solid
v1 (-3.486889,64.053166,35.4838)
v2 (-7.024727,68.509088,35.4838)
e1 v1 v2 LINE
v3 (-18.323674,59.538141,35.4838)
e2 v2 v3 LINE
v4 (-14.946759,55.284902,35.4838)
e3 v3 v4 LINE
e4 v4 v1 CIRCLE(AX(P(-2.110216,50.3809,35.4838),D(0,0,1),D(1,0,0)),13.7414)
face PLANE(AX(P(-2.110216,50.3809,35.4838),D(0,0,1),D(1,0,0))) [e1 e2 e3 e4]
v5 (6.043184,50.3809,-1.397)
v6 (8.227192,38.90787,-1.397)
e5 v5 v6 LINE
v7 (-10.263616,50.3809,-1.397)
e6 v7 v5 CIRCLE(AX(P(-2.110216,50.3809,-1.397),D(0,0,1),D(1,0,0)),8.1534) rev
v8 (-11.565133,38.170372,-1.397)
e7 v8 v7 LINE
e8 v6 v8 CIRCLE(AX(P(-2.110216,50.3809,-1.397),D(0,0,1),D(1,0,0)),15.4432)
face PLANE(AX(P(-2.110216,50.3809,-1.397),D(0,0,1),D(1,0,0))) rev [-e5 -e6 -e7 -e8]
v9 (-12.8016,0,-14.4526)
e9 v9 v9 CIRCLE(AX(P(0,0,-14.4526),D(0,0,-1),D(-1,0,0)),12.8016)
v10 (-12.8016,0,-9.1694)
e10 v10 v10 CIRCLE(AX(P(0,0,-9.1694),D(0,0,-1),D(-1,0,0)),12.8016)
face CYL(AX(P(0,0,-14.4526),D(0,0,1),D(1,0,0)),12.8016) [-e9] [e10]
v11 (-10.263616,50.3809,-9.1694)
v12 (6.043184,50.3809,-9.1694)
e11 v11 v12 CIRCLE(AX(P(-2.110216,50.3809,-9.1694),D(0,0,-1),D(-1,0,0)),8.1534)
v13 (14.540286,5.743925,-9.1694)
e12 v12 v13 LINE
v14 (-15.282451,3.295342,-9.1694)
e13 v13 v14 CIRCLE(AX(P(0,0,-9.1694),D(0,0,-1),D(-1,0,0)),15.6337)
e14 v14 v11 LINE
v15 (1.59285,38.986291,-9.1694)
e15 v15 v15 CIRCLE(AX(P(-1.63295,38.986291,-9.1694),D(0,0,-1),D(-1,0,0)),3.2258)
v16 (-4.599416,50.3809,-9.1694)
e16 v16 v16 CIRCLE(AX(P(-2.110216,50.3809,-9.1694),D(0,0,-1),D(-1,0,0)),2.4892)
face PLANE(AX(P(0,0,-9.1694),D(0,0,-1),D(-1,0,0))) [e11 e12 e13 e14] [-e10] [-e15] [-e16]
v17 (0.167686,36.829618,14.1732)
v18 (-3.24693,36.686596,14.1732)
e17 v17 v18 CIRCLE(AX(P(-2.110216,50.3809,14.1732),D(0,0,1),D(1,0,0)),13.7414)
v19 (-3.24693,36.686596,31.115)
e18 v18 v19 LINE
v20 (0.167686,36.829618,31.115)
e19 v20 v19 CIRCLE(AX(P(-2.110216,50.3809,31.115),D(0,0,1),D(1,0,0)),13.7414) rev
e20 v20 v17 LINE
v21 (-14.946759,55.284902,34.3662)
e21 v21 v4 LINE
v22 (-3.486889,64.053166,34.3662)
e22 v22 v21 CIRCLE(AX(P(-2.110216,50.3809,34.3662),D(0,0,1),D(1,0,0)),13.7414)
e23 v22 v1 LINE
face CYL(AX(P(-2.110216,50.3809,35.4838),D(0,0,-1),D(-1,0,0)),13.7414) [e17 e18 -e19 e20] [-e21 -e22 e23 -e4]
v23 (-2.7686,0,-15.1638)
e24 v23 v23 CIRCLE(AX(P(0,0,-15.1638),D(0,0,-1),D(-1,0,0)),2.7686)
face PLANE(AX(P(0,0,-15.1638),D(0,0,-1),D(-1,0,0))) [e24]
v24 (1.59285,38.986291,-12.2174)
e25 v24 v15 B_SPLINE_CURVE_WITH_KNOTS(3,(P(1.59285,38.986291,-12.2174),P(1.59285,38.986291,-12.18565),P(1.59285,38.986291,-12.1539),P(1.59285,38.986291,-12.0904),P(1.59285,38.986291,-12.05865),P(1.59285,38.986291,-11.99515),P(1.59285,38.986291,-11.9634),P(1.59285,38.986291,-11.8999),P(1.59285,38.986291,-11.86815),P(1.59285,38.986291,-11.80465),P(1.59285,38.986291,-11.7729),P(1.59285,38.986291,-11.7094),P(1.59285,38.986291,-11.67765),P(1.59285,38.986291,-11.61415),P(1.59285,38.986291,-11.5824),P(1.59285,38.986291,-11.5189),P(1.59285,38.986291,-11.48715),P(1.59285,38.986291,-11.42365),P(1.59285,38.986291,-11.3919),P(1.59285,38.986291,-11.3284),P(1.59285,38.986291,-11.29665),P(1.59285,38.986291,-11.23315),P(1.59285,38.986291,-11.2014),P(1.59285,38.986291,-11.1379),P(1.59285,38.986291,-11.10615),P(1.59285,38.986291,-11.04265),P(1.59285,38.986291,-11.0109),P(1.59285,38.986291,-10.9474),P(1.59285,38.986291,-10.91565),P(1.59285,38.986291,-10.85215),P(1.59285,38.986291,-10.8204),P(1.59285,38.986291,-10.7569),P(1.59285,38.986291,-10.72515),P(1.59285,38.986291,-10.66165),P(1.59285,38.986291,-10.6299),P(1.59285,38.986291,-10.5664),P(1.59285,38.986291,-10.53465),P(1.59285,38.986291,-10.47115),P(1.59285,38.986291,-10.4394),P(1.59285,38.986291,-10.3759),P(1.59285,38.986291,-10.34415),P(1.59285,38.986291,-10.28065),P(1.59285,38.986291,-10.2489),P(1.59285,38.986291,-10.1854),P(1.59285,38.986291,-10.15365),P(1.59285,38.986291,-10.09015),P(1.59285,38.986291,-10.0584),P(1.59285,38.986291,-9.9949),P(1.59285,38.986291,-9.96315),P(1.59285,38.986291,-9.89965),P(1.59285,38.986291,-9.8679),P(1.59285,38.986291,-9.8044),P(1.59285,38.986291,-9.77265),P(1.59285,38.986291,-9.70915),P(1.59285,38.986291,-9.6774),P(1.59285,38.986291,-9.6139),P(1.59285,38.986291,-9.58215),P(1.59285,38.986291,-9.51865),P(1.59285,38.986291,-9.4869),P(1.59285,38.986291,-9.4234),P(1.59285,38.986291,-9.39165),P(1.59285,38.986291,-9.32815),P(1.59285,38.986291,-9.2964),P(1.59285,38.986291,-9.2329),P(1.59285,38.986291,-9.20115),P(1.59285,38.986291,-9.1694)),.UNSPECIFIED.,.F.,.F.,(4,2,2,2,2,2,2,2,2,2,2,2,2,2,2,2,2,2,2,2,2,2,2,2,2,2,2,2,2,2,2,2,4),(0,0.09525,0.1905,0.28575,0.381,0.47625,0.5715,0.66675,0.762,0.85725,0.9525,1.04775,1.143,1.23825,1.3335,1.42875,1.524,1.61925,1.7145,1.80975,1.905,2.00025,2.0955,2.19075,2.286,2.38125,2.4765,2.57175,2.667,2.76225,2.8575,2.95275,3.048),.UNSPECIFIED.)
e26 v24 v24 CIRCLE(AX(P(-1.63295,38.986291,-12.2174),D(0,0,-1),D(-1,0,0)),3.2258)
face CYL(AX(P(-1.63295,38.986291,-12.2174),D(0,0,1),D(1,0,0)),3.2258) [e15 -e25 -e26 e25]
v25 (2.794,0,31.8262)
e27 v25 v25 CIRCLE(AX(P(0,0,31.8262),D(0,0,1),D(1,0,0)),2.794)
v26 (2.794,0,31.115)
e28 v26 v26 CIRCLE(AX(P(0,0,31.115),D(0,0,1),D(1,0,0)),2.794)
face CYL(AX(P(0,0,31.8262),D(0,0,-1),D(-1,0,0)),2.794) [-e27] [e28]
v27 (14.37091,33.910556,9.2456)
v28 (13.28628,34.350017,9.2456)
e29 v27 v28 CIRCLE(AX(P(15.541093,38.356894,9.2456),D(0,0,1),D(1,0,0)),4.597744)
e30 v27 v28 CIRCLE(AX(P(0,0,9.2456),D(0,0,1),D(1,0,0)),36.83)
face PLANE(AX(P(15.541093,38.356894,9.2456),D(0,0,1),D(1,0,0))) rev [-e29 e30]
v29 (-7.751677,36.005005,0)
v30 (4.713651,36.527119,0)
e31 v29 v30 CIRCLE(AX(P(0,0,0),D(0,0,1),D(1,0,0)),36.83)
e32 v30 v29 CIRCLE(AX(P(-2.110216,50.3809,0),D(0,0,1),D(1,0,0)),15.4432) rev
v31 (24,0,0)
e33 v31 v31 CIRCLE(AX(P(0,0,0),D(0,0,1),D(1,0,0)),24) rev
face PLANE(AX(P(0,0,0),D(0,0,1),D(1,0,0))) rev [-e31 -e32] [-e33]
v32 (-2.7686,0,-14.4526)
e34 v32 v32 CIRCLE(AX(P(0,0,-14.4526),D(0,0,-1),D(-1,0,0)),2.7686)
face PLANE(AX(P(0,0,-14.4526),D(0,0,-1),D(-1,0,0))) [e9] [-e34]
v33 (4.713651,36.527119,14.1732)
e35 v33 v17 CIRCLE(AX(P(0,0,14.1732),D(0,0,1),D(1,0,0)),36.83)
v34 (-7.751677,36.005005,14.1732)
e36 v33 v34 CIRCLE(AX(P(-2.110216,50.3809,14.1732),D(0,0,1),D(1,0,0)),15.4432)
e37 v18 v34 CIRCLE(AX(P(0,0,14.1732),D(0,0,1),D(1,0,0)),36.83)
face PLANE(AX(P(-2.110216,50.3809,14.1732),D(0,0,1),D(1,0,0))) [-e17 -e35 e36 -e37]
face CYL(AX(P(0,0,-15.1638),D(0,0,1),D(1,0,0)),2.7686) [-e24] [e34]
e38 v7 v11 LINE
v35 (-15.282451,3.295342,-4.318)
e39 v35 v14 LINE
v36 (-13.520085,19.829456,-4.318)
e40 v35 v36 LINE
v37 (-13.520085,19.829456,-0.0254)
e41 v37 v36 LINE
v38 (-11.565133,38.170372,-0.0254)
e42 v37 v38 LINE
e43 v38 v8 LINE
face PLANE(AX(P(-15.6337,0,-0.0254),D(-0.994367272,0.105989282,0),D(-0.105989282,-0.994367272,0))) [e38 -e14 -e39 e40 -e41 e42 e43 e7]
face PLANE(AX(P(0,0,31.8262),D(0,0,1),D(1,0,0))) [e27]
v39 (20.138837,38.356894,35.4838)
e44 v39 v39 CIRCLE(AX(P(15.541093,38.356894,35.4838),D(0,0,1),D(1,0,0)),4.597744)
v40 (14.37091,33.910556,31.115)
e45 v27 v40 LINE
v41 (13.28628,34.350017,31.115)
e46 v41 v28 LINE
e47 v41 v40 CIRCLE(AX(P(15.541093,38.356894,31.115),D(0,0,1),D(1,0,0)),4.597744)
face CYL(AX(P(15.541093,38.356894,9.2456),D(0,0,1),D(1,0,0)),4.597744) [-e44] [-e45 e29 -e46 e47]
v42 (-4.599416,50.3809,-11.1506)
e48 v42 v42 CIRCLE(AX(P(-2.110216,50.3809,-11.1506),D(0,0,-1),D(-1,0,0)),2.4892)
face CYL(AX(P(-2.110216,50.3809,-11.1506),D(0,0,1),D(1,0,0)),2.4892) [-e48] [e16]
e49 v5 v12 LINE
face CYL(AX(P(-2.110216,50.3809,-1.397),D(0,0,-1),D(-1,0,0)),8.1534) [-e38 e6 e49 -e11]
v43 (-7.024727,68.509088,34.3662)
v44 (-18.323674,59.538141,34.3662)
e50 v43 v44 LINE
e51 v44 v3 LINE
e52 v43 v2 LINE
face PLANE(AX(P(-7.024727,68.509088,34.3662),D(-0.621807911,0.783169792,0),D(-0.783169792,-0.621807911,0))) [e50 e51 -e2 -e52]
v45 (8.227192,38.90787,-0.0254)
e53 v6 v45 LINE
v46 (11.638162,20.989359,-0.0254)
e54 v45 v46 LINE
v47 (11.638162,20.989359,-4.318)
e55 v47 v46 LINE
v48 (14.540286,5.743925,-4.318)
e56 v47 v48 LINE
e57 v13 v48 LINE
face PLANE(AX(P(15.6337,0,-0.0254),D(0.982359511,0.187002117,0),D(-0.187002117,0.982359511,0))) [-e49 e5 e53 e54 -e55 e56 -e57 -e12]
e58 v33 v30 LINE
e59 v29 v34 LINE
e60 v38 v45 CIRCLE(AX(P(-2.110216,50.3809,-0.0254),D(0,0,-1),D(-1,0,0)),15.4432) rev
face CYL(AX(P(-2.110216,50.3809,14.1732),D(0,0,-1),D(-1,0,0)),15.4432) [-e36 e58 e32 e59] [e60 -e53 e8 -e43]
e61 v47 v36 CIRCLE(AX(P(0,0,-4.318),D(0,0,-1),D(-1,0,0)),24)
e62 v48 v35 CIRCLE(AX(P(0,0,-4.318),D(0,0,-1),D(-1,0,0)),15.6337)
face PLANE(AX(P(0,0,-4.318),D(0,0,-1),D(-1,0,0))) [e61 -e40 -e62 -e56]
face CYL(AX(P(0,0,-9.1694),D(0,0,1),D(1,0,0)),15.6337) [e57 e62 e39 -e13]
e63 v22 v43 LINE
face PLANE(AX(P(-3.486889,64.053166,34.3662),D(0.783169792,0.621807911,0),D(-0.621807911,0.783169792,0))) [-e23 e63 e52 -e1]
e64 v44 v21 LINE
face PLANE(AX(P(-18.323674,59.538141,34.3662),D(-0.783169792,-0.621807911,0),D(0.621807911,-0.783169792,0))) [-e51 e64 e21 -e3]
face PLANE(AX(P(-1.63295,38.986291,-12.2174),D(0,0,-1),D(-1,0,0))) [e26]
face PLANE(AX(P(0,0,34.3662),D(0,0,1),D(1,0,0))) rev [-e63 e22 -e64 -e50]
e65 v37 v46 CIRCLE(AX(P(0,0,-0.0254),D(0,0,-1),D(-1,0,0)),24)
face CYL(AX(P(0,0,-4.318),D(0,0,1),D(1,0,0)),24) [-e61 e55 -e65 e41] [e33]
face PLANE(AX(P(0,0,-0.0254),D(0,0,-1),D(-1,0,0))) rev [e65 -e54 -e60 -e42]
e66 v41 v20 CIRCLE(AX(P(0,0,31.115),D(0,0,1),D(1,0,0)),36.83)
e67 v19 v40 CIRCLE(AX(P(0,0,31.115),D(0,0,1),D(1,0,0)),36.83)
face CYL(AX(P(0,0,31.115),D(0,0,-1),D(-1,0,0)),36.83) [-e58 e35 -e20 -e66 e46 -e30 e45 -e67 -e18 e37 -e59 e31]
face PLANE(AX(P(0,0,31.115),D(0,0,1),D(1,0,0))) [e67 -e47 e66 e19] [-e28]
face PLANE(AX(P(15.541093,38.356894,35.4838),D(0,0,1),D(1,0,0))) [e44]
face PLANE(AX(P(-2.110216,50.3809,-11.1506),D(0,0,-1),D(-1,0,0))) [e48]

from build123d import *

# Parameters (mm, degrees)
SKETCH1_R            = 36.83
BOSS_EXTRUDE1_DEPTH  = 31.115
SKETCH2_R            = 24
BOSS_EXTRUDE2_DEPTH  = 4.318
SKETCH5_R            = 2.794
BOSS_EXTRUDE5_DEPTH  = 0.7112
SKETCH14_R           = 15.6337
BOSS_EXTRUDE11_DEPTH = 4.8514
SKETCH15_R           = 12.8016
BOSS_EXTRUDE12_DEPTH = 5.2832
SKETCH16_R           = 2.7686
BOSS_EXTRUDE13_DEPTH = 0.7112
SKETCH17_R           = 8.1534
BOSS_EXTRUDE14_DEPTH = 7.7724
SKETCH18_R           = 15.4432
BOSS_EXTRUDE15_DEPTH = 15.5702
SKETCH19_R           = 13.7414
BOSS_EXTRUDE16_DEPTH = 21.3106
BOSS_EXTRUDE17_DEPTH = 9.144
SKETCH24_R           = 2.4892
BOSS_EXTRUDE18_DEPTH = 1.9812
SKETCH25_R           = 3.2258
BOSS_EXTRUDE19_DEPTH = 3.048
SKETCH27_R           = 4.59774385
BOSS_EXTRUDE20_DEPTH = 26.2382
BOSS_EXTRUDE21_DEPTH = 1.1176


with BuildPart() as part:
    # Sketch1 → Boss-Extrude1 (new body)
    with BuildSketch(Plane.XY):
        with Locations(Location((0, 0, 0), (0, 0, 180))):
            Circle(SKETCH1_R)
    extrude(amount=BOSS_EXTRUDE1_DEPTH)

    # Sketch2 → Boss-Extrude2 (add)
    with BuildSketch(Plane(origin=(0, 0, 0), x_dir=(-1, 0, 0), z_dir=(0, 0, -1))):
        with Locations(Location((0, 0, 0), (0, 0, 180))):
            Circle(SKETCH2_R)
    extrude(amount=BOSS_EXTRUDE2_DEPTH)

    # Sketch5 → Boss-Extrude5 (add)
    with BuildSketch(Plane.XY.offset(31.115)):
        Circle(SKETCH5_R)
    extrude(amount=BOSS_EXTRUDE5_DEPTH)

    # Sketch14 → Boss-Extrude11 (add)
    with BuildSketch(Plane(origin=(0, 0, -4.318), x_dir=(-1, 0, 0), z_dir=(0, 0, -1))):
        Circle(SKETCH14_R)
    extrude(amount=BOSS_EXTRUDE11_DEPTH)

    # Sketch15 → Boss-Extrude12 (add)
    with BuildSketch(Plane(origin=(0, 0, -9.1694), x_dir=(-1, 0, 0), z_dir=(0, 0, -1))):
        Circle(SKETCH15_R)
    extrude(amount=BOSS_EXTRUDE12_DEPTH)

    # Sketch16 → Boss-Extrude13 (add)
    with BuildSketch(Plane(origin=(0, 0, -14.4526), x_dir=(-1, 0, 0), z_dir=(0, 0, -1))):
        Circle(SKETCH16_R)
    extrude(amount=BOSS_EXTRUDE13_DEPTH)



with BuildPart() as body_2:
    # Sketch17 → Boss-Extrude14 (new body)
    with BuildSketch(Plane(origin=(0, 0, -9.1694), x_dir=(-1, 0, 0), z_dir=(0, 0, -1))):
        with Locations((2.110216379, 50.3809)):
            Circle(SKETCH17_R)
    extrude(amount=-BOSS_EXTRUDE14_DEPTH)

    # Sketch18 → Boss-Extrude15 (add)
    with BuildSketch(Plane.XY.offset(-1.397)):
        with Locations((-2.110216379, 50.3809)):
            Circle(SKETCH18_R)
    extrude(amount=BOSS_EXTRUDE15_DEPTH)

    # Sketch19 → Boss-Extrude16 (add)
    with BuildSketch(Plane.XY.offset(14.1732)):
        with Locations((-2.110216379, 50.3809)):
            Circle(SKETCH19_R)
    extrude(amount=BOSS_EXTRUDE16_DEPTH)


with BuildPart() as part_1:
    add(part.part)

    add(body_2.part)  # Boss-Extrude17 merges body 2
    # Sketch23 → Boss-Extrude17 (add)
    with BuildSketch(Plane(origin=(0, 0, -9.1694), x_dir=(-1, 0, 0), z_dir=(0, 0, -1))):
        Polygon((15.6337, 0), (10.263616379, 50.3809), (-6.043183621, 50.3809), (-15.6337, 0), align=None)
    extrude(amount=-BOSS_EXTRUDE17_DEPTH)

    # Sketch24 → Boss-Extrude18 (add)
    with BuildSketch(Plane(origin=(0, 0, -9.1694), x_dir=(-1, 0, 0), z_dir=(0, 0, -1))):
        with Locations((2.110216379, 50.3809)):
            Circle(SKETCH24_R)
    extrude(amount=BOSS_EXTRUDE18_DEPTH)

    # Sketch25 → Boss-Extrude19 (add)
    with BuildSketch(Plane(origin=(0, 0, -9.1694), x_dir=(-1, 0, 0), z_dir=(0, 0, -1))):
        with Locations(Location((1.632950373, 38.986290822, 0), (0, 0, 180))):
            Circle(SKETCH25_R)
    extrude(amount=BOSS_EXTRUDE19_DEPTH)

    # Sketch27 → Boss-Extrude20 (add)
    with BuildSketch(Plane.XY.offset(35.4838)):
        with Locations((15.541092999, 38.356894356)):
            Circle(SKETCH27_R)
    extrude(amount=-BOSS_EXTRUDE20_DEPTH)

    # Sketch29 → Boss-Extrude21 (add)
    with BuildSketch(Plane.XY.offset(35.4838)):
        Polygon((-3.486888815, 64.053165612), (-7.024727103, 68.509088458), (-18.323674319, 59.53814137), (-14.946759387, 55.284902198), align=None)
    extrude(amount=-BOSS_EXTRUDE21_DEPTH)


solid = part_1.part
